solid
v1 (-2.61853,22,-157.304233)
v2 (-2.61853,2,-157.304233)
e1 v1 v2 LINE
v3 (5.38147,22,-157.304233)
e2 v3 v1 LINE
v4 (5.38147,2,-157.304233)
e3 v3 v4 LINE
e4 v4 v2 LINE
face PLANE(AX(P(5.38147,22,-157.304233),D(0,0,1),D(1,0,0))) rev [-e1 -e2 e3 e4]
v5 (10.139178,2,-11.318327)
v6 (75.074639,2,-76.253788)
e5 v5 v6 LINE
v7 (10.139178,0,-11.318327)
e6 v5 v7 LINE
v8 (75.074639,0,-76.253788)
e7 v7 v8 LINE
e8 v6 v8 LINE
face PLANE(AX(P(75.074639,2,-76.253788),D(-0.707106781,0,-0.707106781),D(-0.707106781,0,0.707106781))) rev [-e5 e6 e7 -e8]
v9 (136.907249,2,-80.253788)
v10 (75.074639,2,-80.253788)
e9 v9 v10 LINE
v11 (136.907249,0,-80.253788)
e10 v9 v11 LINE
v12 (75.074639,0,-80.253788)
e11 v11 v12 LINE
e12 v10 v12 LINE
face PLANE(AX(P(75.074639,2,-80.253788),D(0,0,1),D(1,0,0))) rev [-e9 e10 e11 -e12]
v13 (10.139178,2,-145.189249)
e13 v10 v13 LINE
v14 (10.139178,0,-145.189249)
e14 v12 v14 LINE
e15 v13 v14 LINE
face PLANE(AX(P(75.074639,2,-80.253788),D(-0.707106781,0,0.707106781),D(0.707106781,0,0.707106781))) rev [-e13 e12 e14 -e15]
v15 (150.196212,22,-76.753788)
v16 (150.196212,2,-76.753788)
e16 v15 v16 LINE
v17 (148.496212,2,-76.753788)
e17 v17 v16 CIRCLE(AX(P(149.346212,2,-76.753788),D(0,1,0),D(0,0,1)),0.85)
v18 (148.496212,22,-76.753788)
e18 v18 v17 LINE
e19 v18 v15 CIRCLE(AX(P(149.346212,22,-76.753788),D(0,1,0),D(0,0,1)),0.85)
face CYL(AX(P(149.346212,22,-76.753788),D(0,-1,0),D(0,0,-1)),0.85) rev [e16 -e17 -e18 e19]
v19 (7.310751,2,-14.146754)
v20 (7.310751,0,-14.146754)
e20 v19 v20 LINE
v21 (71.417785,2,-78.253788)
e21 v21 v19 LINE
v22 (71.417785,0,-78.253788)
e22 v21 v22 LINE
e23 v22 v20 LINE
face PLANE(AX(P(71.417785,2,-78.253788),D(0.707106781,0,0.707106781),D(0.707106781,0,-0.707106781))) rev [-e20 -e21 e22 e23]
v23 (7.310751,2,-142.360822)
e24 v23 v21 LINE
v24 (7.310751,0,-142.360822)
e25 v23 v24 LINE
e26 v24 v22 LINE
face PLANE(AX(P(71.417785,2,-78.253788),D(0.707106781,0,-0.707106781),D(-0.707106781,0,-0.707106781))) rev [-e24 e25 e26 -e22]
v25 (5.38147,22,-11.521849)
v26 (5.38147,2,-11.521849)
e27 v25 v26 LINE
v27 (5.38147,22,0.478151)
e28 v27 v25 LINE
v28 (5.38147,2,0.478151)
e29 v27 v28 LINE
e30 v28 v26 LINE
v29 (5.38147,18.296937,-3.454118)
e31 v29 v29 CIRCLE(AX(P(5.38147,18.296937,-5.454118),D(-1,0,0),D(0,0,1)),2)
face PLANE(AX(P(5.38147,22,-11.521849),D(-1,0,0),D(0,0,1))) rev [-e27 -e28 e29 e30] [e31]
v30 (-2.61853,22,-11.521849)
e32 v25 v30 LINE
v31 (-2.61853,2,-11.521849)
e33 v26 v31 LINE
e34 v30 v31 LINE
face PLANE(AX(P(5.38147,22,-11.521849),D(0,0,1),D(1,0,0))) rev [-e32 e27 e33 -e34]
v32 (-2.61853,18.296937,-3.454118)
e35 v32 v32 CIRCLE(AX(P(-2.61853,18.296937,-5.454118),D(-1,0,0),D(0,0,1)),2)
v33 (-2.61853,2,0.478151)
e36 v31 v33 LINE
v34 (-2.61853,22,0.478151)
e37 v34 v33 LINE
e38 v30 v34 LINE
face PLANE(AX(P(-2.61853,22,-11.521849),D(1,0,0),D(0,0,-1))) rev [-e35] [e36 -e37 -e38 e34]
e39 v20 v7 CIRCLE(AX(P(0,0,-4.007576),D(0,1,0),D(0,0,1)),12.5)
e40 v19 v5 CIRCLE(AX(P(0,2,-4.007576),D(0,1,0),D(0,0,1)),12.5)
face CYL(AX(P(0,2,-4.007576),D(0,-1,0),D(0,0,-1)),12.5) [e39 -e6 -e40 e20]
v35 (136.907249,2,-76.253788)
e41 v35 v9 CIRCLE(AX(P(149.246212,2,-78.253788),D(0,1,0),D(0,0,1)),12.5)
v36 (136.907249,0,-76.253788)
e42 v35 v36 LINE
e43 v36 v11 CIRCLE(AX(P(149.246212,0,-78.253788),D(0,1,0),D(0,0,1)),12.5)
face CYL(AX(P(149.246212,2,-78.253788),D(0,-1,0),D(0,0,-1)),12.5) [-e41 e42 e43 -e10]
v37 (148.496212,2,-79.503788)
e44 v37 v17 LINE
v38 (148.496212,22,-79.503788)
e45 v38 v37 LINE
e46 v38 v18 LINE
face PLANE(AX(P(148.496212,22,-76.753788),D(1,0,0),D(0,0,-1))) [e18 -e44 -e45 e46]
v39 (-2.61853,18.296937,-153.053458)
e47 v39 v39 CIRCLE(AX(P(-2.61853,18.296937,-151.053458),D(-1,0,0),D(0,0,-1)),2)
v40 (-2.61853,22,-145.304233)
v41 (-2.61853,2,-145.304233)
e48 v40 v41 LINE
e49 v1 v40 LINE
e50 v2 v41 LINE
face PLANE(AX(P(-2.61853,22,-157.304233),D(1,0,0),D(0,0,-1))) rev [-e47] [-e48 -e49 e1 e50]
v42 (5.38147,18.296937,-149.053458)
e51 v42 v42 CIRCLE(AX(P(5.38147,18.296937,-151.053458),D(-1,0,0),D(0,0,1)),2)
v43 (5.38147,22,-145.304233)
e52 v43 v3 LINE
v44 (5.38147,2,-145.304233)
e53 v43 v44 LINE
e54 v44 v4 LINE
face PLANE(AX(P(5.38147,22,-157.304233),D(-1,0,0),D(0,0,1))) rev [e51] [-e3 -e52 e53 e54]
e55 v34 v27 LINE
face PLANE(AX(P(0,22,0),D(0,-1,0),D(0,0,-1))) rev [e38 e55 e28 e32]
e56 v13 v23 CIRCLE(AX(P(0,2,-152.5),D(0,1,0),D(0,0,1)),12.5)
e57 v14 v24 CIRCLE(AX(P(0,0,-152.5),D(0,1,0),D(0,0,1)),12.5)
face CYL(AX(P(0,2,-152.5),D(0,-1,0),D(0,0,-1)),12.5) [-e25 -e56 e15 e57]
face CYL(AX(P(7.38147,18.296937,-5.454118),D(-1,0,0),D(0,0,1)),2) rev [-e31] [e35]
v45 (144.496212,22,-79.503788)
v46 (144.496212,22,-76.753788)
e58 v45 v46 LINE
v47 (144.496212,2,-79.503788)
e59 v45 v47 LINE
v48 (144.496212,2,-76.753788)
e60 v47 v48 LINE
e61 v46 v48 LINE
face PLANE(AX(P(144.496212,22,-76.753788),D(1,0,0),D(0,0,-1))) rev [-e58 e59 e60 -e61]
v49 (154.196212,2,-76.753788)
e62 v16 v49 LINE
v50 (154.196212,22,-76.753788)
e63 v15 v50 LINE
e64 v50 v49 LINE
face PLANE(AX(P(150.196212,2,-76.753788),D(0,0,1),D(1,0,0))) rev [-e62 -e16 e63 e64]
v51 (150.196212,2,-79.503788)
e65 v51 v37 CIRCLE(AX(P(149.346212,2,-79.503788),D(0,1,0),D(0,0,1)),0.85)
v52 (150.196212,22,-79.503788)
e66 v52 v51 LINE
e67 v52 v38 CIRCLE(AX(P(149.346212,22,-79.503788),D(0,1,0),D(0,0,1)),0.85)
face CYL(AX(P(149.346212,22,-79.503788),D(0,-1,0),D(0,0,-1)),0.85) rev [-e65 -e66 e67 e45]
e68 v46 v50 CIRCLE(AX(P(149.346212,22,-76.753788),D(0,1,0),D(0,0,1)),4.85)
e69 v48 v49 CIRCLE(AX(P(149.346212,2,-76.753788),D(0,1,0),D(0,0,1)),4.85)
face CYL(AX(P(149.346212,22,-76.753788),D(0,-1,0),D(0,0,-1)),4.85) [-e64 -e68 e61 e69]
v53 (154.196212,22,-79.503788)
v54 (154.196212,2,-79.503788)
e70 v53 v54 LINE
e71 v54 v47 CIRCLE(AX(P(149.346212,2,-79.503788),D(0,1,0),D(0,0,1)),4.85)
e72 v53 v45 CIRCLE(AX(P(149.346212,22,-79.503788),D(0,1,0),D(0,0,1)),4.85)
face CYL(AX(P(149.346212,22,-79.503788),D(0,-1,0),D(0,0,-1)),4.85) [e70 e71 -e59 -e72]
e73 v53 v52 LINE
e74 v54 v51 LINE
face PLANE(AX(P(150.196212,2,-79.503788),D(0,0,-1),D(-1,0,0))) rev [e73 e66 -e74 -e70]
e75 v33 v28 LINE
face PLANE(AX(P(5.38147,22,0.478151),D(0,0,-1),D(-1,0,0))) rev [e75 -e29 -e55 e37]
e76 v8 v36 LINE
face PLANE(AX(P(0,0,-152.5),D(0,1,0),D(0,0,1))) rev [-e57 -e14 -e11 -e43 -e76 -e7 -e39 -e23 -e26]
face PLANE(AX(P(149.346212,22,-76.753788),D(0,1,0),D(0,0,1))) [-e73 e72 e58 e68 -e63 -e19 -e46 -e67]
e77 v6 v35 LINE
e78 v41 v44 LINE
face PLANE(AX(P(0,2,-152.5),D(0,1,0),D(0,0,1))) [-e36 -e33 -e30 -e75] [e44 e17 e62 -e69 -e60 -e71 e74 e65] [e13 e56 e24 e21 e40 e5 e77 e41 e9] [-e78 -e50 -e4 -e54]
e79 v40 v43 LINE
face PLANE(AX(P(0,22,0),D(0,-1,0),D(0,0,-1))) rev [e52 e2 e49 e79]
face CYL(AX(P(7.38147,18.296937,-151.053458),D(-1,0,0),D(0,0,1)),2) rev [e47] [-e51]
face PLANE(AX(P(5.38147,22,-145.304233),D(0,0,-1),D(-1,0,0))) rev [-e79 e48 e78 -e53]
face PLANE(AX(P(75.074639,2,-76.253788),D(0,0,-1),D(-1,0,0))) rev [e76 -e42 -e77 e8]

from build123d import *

# Parameters (mm, degrees)
BOSS_EXTRUDE1_DEPTH = 2
SKETCH2_W           = 8
SKETCH2_H           = 12
BOSS_EXTRUDE2_DEPTH = 20
SKETCH6_W           = 4
SKETCH6_H           = 2.75
CUT_EXTRUDE3_DEPTH  = 20
SKETCH7_R           = 2
CUT_EXTRUDE4_DEPTH  = 10


with BuildPart() as part:
    # Sketch1 → Boss-Extrude1 (new body)
    with BuildSketch(Plane(origin=(0, 0, 0), x_dir=(1, 0, 0), z_dir=(0, 1, 0))):
        with BuildLine():
            Line((75.074639149, 80.253787975), (10.139177746, 145.189249379))
            ThreePointArc((10.139177746, 145.189249379), (-8.838834765, 161.338834765), (7.310750621, 142.360822254))
            Line((7.310750621, 142.360822254), (71.4177849, 78.253787975))
            Line((71.4177849, 78.253787975), (7.310750621, 14.146753697))
            ThreePointArc((7.310750621, 14.146753697), (-8.838834765, -4.831258814), (10.139177746, 11.318326572))
            Line((10.139177746, 11.318326572), (75.074639149, 76.253787975))
            Line((75.074639149, 76.253787975), (136.907249345, 76.253787975))
            ThreePointArc((136.907249345, 76.253787975), (161.746212025, 78.253787975), (136.907249345, 80.253787975))
            Line((136.907249345, 80.253787975), (75.074639149, 80.253787975))
        make_face()
    extrude(amount=BOSS_EXTRUDE1_DEPTH)

    # Sketch2 → Boss-Extrude2 (add)
    # profile 1 of 3: a face of its own
    with BuildSketch(Plane(origin=(0, 2, 0), x_dir=(1, 0, 0), z_dir=(0, 1, 0))):
        with BuildLine():
            Line((144.496212025, 76.753787975), (144.496212025, 79.503787975))
            ThreePointArc((144.496212025, 79.503787975), (149.346212025, 84.353787975), (154.196212025, 79.503787975))
            Line((154.196212025, 79.503787975), (154.196212025, 76.753787975))
            ThreePointArc((154.196212025, 76.753787975), (149.346212025, 71.903787975), (144.496212025, 76.753787975))
        make_face()
        with BuildLine():
            Line((148.496212025, 76.753787975), (148.496212025, 79.503787975))
            ThreePointArc((148.496212025, 79.503787975), (149.346212025, 80.353787975), (150.196212025, 79.503787975))
            Line((150.196212025, 79.503787975), (150.196212025, 76.753787975))
            ThreePointArc((150.196212025, 76.753787975), (149.346212025, 75.903787975), (148.496212025, 76.753787975))
        make_face(mode=Mode.SUBTRACT)
    # profile 2 of 3: a face of its own
    with BuildSketch(Plane(origin=(0, 2, 0), x_dir=(1, 0, 0), z_dir=(0, 1, 0))):
        with Locations((1.381469518, 5.521849013)):
            Rectangle(SKETCH2_W, SKETCH2_H)
    # profile 3 of 3: a face of its own
    with BuildSketch(Plane(origin=(0, 2, 0), x_dir=(1, 0, 0), z_dir=(0, 1, 0))):
        with Locations((1.381469518, 151.304233441)):
            Rectangle(SKETCH2_W, SKETCH2_H)
    extrude(amount=BOSS_EXTRUDE2_DEPTH)

    # Sketch6 → Cut-Extrude3 (cut)
    with BuildSketch(Plane(origin=(0, 22, 0), x_dir=(1, 0, 0), z_dir=(0, 1, 0))):
        with Locations((152.196212025, 78.128787975)):
            Rectangle(SKETCH6_W, SKETCH6_H)
    extrude(amount=-CUT_EXTRUDE3_DEPTH, mode=Mode.SUBTRACT)

    # Sketch7 → Cut-Extrude4 (cut)
    with BuildSketch(Plane.ZY.offset(2.618530482)):
        with Locations((-5.454118169, 18.296936601)):
            Circle(SKETCH7_R)
        with Locations((-151.053457781, 18.296936601)):
            Circle(SKETCH7_R)
    extrude(amount=-CUT_EXTRUDE4_DEPTH, mode=Mode.SUBTRACT)


solid = part.part
